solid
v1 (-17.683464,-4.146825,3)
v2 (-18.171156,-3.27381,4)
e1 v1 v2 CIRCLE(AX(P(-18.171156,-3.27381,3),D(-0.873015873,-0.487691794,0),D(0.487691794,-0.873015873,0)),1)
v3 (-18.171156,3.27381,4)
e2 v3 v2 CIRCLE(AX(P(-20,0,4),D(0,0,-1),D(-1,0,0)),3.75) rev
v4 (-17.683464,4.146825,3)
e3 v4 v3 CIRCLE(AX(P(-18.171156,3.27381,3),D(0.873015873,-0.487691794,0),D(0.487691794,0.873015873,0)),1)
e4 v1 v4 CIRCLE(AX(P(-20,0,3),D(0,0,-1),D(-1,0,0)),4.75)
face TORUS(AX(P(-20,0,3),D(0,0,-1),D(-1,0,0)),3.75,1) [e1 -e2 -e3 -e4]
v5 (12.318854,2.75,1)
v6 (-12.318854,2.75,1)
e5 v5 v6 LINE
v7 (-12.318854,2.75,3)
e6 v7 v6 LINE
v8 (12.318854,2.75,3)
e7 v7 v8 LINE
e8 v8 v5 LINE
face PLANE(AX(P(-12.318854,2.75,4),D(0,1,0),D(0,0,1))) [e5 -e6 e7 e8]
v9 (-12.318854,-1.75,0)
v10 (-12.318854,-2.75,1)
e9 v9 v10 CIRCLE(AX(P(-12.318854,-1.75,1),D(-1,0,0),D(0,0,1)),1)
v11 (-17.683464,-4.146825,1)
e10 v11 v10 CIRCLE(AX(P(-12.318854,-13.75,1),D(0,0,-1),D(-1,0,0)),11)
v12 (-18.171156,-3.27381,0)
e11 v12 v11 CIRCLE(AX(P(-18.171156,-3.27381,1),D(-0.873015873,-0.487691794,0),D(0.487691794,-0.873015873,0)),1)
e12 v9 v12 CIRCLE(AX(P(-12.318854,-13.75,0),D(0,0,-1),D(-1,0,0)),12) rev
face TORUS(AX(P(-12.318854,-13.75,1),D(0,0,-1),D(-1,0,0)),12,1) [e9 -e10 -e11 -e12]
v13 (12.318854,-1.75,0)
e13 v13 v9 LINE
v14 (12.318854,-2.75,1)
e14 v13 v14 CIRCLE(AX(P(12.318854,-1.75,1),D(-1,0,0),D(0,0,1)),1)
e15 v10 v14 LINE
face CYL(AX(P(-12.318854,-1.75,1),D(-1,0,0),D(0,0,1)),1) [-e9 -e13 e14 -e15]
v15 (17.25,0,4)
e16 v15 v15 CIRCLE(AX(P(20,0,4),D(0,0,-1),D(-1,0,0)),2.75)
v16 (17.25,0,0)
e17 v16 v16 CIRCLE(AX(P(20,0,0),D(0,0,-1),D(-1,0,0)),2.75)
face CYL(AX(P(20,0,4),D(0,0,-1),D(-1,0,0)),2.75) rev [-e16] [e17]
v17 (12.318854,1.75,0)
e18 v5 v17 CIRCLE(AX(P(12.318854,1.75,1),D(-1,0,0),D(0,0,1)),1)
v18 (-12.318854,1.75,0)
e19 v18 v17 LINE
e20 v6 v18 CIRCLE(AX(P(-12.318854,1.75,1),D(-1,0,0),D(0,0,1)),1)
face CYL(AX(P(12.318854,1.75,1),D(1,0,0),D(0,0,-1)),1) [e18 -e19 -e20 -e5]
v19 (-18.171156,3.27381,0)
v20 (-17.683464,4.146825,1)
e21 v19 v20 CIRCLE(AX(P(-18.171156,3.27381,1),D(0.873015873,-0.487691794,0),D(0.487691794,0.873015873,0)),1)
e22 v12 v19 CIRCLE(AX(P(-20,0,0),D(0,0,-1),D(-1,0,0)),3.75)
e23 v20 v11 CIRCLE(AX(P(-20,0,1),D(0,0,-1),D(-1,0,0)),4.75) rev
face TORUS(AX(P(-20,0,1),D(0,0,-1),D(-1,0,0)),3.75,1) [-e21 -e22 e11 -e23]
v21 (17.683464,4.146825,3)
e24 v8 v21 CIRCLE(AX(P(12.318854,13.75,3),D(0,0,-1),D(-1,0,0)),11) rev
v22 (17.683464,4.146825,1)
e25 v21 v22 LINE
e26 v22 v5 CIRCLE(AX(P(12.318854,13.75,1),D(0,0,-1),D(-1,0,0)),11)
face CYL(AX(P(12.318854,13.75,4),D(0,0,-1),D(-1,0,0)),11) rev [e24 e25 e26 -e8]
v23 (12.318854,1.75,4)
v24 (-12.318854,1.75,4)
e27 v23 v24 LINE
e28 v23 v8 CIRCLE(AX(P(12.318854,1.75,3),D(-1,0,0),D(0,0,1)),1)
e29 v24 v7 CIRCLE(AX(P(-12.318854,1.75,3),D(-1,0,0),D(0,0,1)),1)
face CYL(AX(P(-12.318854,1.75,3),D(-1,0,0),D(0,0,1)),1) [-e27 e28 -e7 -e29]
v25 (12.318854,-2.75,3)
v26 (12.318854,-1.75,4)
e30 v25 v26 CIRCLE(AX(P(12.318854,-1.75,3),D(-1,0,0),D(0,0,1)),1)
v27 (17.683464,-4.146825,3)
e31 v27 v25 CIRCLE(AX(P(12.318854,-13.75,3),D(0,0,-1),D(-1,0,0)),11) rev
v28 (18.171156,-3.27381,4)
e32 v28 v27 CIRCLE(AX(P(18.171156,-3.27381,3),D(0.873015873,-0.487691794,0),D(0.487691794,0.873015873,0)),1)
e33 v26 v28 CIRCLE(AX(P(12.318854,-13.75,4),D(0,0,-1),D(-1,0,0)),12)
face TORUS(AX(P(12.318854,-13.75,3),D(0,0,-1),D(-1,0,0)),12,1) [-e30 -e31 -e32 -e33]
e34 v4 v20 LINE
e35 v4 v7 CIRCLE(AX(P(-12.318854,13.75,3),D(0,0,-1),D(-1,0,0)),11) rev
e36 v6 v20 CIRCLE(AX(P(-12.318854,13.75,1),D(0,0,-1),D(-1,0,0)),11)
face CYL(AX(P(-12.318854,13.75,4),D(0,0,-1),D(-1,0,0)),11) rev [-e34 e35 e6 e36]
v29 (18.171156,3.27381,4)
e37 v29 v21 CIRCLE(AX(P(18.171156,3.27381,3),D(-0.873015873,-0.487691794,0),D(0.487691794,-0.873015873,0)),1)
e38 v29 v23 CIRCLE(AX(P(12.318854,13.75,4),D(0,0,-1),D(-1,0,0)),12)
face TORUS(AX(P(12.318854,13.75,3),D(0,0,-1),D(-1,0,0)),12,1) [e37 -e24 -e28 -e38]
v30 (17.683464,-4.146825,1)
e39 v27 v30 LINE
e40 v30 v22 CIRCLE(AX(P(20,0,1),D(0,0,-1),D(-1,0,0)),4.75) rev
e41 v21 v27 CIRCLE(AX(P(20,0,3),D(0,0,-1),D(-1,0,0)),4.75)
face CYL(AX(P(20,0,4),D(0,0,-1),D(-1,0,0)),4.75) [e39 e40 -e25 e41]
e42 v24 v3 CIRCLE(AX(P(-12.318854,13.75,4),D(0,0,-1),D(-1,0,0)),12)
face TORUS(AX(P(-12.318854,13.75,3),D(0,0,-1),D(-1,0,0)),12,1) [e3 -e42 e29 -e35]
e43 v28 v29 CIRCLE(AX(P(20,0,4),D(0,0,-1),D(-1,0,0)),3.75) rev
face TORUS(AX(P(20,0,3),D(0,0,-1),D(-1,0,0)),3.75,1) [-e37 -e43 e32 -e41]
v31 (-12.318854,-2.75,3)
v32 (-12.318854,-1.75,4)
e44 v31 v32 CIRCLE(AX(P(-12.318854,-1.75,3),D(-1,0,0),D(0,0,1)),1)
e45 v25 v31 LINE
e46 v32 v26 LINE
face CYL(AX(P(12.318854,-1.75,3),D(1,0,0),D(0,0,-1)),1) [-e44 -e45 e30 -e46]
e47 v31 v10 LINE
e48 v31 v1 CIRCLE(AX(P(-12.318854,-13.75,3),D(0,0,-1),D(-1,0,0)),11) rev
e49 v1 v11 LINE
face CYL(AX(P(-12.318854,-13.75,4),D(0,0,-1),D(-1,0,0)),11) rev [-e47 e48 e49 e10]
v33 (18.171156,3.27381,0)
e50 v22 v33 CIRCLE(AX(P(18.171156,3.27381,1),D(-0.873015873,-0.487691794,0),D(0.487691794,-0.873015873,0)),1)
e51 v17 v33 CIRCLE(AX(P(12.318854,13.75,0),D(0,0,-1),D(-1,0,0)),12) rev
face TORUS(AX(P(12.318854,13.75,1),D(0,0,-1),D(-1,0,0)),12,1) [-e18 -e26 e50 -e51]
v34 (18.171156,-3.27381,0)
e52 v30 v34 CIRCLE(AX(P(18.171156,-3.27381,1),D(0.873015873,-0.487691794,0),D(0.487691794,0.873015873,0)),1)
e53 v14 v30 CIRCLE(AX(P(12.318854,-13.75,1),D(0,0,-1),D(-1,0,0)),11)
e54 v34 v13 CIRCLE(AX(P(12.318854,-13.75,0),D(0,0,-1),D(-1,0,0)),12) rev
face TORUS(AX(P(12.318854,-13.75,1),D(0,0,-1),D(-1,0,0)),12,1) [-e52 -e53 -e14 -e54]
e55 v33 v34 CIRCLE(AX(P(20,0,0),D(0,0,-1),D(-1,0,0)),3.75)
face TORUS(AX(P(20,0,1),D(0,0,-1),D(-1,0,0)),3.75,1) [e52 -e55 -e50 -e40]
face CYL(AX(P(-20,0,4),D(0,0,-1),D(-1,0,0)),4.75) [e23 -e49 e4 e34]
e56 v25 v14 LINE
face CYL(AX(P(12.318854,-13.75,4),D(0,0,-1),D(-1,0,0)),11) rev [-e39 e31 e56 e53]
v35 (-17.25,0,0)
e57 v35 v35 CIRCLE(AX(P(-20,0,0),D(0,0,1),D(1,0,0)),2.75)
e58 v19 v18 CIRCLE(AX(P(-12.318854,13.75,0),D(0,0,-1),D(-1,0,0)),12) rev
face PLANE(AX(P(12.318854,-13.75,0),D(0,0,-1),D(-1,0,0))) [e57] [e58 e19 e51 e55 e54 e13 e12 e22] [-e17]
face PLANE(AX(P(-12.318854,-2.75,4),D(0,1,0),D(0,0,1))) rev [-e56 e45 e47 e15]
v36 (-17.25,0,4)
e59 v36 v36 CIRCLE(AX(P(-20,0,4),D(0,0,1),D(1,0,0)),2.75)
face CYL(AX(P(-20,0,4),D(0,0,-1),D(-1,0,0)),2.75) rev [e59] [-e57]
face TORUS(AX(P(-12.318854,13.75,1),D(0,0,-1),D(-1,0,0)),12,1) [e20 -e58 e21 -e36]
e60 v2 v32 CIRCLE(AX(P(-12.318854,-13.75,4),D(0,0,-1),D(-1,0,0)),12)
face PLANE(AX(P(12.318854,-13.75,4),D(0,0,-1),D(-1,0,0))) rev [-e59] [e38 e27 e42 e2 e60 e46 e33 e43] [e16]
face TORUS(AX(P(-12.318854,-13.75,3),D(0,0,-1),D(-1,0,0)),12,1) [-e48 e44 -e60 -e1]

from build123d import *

# Parameters (mm, degrees)
SKETCH1_R           = 2.75
BOSS_EXTRUDE1_DEPTH = 4
FILLET1_R           = 1


with BuildPart() as part:
    # Sketch1 → Boss-Extrude1 (new body)
    with BuildSketch(Plane.XY):
        with BuildLine():
            Line((-12.318854252, -2.75), (12.318854252, -2.75))
            ThreePointArc((12.318854252, -2.75), (15.090593721, -3.104932583), (17.683463981, -4.146825397))
            ThreePointArc((17.683463981, -4.146825397), (24.75, 0), (17.683463981, 4.146825397))
            ThreePointArc((17.683463981, 4.146825397), (15.090593721, 3.104932583), (12.318854252, 2.75))
            Line((12.318854252, 2.75), (-12.318854252, 2.75))
            ThreePointArc((-12.318854252, 2.75), (-15.090593721, 3.104932583), (-17.683463981, 4.146825397))
            ThreePointArc((-17.683463981, 4.146825397), (-24.75, 0), (-17.683463981, -4.146825397))
            ThreePointArc((-17.683463981, -4.146825397), (-15.090593721, -3.104932583), (-12.318854252, -2.75))
        make_face()
        with Locations((-20, 0)):
            Circle(SKETCH1_R, mode=Mode.SUBTRACT)
        with Locations((20, 0)):
            Circle(SKETCH1_R, mode=Mode.SUBTRACT)
    extrude(amount=BOSS_EXTRUDE1_DEPTH)

    # Fillet1
    fillet1_edges = [part.edges().sort_by_distance(p)[0] for p in [
        (15.090593721, 3.104932583, 0),
        (24.75, 0, 0),
        (15.090593721, -3.104932583, 0),
        (0, -2.75, 0),
        (24.75, 0, 4),
        (15.090593721, 3.104932583, 4),
        (0, 2.75, 4),
        (-15.090593721, 3.104932583, 4),
        (-24.75, 0, 4),
        (-15.090593721, -3.104932583, 4),
        (0, -2.75, 4),
        (-15.090593721, -3.104932583, 0),
        (15.090593721, -3.104932583, 4),
        (-24.75, 0, 0),
        (-15.090593721, 3.104932583, 0),
        (0, 2.75, 0),
    ]]
    fillet(fillet1_edges, radius=FILLET1_R)


solid = part.part
